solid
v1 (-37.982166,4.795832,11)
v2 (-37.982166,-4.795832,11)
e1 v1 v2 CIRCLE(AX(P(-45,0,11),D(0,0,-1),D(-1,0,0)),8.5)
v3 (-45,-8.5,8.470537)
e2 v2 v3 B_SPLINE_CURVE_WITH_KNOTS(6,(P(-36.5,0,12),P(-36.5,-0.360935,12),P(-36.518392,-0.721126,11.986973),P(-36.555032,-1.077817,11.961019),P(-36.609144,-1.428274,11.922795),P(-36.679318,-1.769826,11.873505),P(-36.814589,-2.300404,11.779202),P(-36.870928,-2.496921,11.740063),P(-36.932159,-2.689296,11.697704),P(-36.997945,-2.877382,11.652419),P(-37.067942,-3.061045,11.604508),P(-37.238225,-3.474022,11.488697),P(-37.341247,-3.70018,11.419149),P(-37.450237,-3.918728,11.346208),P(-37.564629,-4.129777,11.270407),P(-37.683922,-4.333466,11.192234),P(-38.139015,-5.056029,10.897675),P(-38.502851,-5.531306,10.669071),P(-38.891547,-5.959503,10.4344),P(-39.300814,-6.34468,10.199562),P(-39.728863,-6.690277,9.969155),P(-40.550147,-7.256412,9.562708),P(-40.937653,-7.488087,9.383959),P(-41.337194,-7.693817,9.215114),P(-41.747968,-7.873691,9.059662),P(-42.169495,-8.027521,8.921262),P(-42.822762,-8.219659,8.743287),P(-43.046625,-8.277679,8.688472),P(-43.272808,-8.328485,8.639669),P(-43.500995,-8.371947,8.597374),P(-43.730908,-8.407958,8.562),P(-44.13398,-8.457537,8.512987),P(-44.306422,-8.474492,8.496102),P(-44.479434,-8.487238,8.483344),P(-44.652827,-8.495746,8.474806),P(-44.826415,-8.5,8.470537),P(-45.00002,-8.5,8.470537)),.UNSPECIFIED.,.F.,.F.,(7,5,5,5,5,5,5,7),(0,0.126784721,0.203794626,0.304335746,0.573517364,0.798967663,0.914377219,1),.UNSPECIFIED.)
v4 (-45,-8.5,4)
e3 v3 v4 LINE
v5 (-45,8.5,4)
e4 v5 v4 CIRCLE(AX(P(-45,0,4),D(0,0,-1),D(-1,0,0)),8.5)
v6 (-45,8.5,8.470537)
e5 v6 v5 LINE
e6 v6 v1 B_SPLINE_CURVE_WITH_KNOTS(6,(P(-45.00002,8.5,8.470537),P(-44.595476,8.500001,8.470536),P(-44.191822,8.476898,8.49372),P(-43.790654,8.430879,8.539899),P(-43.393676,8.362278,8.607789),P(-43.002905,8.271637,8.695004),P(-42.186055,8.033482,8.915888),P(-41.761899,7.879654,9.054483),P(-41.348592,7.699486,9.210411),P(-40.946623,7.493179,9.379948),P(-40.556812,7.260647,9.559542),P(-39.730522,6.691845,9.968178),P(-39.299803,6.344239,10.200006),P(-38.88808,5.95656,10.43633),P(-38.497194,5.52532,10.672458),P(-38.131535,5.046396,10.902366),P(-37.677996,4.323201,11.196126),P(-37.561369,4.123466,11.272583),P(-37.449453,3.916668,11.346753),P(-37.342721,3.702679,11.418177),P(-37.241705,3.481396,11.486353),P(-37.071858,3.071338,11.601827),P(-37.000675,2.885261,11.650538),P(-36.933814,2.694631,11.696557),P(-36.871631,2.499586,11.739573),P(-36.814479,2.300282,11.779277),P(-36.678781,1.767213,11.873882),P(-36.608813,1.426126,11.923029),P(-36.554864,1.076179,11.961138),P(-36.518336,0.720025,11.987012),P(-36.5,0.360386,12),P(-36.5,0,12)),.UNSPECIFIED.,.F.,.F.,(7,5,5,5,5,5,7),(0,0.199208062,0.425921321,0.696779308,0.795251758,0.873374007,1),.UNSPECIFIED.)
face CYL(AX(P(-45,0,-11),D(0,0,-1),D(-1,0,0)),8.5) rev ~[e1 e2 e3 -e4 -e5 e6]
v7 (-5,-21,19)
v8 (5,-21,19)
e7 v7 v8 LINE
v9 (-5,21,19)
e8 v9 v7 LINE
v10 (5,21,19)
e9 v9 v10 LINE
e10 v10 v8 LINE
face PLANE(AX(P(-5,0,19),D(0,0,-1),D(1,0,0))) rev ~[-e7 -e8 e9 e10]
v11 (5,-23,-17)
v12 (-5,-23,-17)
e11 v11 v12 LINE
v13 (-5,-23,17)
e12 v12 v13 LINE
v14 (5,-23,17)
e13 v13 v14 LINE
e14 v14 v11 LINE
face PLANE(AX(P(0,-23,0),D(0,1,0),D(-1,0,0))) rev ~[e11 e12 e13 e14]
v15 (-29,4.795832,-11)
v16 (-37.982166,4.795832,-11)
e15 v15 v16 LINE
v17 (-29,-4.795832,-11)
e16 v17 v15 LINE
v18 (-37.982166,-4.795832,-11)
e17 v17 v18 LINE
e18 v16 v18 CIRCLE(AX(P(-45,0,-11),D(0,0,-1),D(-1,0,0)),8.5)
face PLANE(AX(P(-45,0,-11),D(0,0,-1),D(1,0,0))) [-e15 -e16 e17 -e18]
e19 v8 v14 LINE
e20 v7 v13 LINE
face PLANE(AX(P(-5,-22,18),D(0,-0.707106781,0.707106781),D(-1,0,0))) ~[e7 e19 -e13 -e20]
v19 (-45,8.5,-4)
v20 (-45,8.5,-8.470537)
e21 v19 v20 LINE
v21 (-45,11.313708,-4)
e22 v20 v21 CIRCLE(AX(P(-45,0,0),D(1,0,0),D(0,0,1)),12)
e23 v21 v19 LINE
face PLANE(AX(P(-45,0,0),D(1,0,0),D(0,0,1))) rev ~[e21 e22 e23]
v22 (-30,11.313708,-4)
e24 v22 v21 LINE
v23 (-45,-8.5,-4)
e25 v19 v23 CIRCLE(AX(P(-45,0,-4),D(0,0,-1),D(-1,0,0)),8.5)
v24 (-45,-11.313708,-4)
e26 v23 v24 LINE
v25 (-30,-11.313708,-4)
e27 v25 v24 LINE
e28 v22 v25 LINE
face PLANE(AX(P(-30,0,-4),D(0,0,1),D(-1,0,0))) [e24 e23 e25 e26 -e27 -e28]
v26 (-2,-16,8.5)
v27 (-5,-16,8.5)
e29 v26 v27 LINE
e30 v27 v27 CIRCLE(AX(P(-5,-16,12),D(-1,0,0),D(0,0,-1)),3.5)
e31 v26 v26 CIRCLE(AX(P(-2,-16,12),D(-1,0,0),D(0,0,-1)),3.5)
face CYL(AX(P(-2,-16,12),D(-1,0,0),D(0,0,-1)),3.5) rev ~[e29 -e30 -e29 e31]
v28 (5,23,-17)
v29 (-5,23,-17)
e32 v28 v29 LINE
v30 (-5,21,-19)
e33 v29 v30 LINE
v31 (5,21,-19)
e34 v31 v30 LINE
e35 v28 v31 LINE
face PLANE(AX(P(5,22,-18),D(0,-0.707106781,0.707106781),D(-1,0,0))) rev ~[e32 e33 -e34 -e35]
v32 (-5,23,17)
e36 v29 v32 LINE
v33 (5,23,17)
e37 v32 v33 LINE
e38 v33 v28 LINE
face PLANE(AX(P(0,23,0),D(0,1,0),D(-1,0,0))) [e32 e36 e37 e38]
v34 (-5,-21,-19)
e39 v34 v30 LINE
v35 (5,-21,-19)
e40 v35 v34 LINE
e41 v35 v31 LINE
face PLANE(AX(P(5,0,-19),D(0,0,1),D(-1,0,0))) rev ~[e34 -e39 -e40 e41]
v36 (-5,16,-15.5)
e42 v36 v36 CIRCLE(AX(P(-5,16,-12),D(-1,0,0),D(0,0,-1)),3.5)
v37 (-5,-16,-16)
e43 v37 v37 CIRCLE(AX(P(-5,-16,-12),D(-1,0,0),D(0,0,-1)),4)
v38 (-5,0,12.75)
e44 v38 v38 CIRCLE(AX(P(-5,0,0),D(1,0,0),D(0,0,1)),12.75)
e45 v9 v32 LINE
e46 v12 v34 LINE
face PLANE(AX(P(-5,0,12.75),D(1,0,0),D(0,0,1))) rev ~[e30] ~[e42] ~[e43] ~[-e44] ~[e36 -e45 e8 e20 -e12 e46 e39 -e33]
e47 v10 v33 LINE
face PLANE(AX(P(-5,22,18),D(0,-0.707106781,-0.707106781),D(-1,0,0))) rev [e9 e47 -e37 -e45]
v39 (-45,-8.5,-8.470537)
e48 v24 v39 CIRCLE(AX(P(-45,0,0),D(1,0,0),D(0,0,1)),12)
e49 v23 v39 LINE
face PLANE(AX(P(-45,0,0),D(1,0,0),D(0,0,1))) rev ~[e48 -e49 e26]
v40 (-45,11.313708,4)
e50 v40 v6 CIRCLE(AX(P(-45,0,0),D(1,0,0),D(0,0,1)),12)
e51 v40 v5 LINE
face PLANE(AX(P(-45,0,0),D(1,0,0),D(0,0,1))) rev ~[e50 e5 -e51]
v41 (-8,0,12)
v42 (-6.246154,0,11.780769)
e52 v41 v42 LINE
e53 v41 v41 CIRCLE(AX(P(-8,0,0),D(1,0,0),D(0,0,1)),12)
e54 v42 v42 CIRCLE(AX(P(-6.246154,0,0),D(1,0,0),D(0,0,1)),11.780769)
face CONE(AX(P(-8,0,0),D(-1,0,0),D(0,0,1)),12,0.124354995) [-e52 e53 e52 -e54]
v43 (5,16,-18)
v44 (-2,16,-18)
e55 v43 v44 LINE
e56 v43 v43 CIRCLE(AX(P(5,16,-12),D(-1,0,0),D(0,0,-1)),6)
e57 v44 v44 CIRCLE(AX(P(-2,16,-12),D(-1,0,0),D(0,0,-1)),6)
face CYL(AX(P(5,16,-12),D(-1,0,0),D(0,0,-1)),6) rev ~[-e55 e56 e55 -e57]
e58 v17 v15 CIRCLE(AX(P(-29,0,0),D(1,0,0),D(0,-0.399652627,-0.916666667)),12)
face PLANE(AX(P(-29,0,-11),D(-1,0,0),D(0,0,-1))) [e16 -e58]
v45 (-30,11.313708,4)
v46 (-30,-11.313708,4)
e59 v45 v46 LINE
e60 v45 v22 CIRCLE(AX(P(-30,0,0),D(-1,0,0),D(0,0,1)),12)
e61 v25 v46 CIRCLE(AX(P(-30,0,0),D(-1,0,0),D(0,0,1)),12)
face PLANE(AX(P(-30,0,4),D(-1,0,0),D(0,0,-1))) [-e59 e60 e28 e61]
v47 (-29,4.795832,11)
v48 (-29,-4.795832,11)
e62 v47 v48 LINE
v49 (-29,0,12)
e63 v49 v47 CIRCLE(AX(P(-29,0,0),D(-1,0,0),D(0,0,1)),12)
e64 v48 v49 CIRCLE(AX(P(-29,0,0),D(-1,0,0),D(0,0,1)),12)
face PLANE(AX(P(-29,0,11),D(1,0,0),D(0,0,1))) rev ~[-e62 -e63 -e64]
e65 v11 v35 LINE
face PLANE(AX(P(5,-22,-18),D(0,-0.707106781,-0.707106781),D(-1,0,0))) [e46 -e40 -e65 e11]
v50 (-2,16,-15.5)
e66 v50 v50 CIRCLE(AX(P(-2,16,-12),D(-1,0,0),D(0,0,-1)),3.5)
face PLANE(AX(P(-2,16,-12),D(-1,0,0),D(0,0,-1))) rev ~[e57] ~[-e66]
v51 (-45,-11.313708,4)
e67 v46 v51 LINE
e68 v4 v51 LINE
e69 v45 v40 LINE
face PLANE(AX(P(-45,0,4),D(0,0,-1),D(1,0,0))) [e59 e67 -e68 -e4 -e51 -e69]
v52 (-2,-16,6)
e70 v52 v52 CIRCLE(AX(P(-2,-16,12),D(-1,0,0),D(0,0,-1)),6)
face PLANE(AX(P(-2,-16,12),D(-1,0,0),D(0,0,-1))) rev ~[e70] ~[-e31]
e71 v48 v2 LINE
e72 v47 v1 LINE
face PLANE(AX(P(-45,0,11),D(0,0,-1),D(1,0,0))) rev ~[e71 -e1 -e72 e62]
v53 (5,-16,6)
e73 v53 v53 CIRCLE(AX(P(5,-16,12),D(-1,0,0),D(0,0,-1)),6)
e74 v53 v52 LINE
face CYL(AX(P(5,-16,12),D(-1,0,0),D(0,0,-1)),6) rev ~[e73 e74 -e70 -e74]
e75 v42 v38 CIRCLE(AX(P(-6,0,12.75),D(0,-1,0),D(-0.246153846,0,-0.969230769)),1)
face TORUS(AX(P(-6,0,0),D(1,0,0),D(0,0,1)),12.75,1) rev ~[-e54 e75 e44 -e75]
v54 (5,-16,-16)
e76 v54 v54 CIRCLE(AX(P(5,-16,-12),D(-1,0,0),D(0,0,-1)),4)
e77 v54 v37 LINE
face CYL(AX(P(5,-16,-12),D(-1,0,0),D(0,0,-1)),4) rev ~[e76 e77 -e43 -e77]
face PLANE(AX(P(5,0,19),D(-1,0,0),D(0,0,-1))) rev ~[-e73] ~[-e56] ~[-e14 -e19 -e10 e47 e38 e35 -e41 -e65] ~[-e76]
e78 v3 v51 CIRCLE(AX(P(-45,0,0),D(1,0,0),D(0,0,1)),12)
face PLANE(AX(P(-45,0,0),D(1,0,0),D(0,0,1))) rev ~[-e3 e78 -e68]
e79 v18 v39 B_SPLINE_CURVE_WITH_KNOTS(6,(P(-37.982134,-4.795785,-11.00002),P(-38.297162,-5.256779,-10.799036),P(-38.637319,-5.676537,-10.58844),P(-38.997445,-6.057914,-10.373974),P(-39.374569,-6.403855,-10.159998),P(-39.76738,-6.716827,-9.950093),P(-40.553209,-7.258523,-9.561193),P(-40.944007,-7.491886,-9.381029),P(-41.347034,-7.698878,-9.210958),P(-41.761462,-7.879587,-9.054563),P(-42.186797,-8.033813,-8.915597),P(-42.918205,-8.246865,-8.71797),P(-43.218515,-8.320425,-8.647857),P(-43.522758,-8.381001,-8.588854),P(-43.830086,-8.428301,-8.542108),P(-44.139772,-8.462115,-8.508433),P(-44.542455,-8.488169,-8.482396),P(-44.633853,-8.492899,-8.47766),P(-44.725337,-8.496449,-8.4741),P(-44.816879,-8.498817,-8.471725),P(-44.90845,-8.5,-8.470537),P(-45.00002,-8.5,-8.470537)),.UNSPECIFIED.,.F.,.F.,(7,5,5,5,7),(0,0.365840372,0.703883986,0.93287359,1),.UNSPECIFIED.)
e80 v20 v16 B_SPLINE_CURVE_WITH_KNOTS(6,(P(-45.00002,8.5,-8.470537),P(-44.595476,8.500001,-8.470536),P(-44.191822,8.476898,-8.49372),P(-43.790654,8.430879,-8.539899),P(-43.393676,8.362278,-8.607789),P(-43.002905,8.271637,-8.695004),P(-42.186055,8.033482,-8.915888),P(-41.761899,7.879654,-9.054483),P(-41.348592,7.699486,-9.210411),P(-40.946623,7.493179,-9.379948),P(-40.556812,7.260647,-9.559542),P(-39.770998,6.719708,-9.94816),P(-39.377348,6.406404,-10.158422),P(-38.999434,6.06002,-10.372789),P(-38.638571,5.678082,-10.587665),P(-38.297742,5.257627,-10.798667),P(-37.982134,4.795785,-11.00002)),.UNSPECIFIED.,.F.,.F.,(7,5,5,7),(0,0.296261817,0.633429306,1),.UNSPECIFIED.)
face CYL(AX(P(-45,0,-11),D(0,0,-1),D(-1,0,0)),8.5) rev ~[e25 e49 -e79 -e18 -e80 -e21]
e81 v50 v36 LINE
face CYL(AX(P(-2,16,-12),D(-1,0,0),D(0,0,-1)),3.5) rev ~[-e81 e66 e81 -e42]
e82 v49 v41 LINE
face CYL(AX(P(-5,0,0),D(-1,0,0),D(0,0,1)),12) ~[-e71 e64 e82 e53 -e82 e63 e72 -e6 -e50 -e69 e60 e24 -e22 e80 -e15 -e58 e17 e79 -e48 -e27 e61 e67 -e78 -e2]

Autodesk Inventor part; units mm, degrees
ref_plane "YZ Plane" through (0, 0, 0) normal (1, 0, 0) x (0, 1, 0)
ref_plane "XZ Plane" through (0, 0, 0) normal (0, 1, 0) x (-1, 0, 0)
ref_plane "XY Plane" through (0, 0, 0) normal (0, 0, 1) x (1, 0, 0)
sketch "Эскиз1" plane through (0, 0, 0) normal (0, 1, 0) x (-1, 0, 0)
  line L0 (-5, -19) -> (5, -19)
  line L1 (5, -19) -> (5, 19)
  line L2 (5, 19) -> (-5, 19)
  line L3 (-5, 19) -> (-5, -19)
  line L4 (-5, -19) -> (5, 19) construction
  line L5 (5, -19) -> (-5, 19) construction
  line L6 (5, 0) -> (5, 12)
  line L7 (5, 12) -> (45, 12)
  line L8 (45, 12) -> (45, 0)
  line L9 (30, 0) -> (5, 0)
  line L10 (45, 0) -> (45, 4)
  line L11 (45, 4) -> (30, 4)
  line L12 (30, 4) -> (30, 0)
  line L13 (45, 12) -> (45, 11)
  line L14 (45, 11) -> (29, 11)
  line L15 (29, 11) -> (29, 12)
  line L16 (45, 4) -> (30, 4)
  line L17 (30, 4) -> (30, -4)
  line L18 (30, -4) -> (45, -4)
  line L19 (45, -4) -> (45, 4)
  line L20 (29, -11) -> (29, -12)
  line L21 (29, -12) -> (45, -12)
  line L22 (45, -12) -> (45, -11)
  line L23 (45, -11) -> (29, -11)
  line L24 (29, -11) -> (29, -12)
  line L25 (5, 12) -> (8, 12)
  line L26 (5, 0) -> (5, 11.75)
  line L27 (5, 11.75) -> (8, 11.75)
  line L28 (8, 11.75) -> (8, 12)
  line L29 (5, 11.75) -> (6, 11.75)
  line L30 (6, 11.75) -> (6, 12.75)
  line L31 (6, 12.75) -> (5, 12.75)
  line L32 (5, 12.75) -> (5, 11.75)
  circle A0 centre (6, 12.75) radius 1
  line L33 (8, 12) -> (6, 11.75)
  point P0 (0, 0)
  point P1 (6.2462, 11.7808)
  dimension "d0" = 10
  dimension "d1" = 38
  dimension "d2" = 12
  dimension "d3" = 40
  dimension "d4" = 4
  dimension "d5" = 15
  dimension "d6" = 1
  dimension "d7" = 16
  dimension "d13" = 8
  dimension "d14" = 22
  dimension "d15" = 1
  dimension "d60" = 3
  dimension "d61" = 11.75
  dimension "d62" = 1
  dimension "d63" = 1
extrude "Выдавливание1" add sketch "Эскиз1" along normal mid plane 46 contours L3 L2 L1 L0
revolve "Вращение1" add sketch "Эскиз1" angle 360 about axis through (-30, 0, 0) along (1, 0, 0) contours L1 L27 L28 L7 L15 L14 L8 L11 L12 L9 | L1 L7 A0 L27 | A0 L7 L1 | A0 L33 L28 L27 | L14 L15 L7 L8
extrude "Выдавливание3" cut sketch "Эскиз1" along normal mid plane 46 contours L12 L11 L8 L19 L18 L17 | L14 L15 L7 L8 | L23 L22 L21 L20
sketch "Эскиз3" plane through (-29, 4.7958, -11) normal (0, 0, -1) x (-1, 0, 0)
  line L0 (16, -9.5917) -> (16, 0) projected
  circle A0 centre (16, -4.7958) radius 8.5
  point P0 (-29, -4.7958)
  dimension "d21" = 17
extrude "Выдавливание5" cut sketch "Эскиз3" against normal blind 39
sketch "Эскиз4" plane through (5, -23, -19) normal (1, 0, 0) x (0, 0, -1)
  line L0 (-19, 23) -> (-19, 39)
  line L1 (-19, 39) -> (-31, 39)
  line L2 (-19, 23) -> (-19, 7)
  line L3 (-19, 7) -> (-7, 7)
  line L4 (-19, 7) -> (-31, 7)
  line L5 (-19, 39) -> (-7, 39)
  dimension "d24" = 16
  dimension "d25" = 12
  dimension "d26" = 16
  dimension "d27" = 12
  dimension "d28" = 12
hole "Отверстие3" at (5, 16, -12) at (5, -16, 12) direction (-1, 0, 0) diameter 7 end through all counterbore diameter 12 counterbore depth 7
hole "Отверстие4" at (5, -16, -12) direction (-1, 0, 0) diameter 8 end through all
chamfer "Фаска1" distance 2 angle 45 4 edges at (0, 23, -19) (0, -23, -19) (0, -23, 19) (0, 23, 19)
properties part number "Фиксатор-11"
